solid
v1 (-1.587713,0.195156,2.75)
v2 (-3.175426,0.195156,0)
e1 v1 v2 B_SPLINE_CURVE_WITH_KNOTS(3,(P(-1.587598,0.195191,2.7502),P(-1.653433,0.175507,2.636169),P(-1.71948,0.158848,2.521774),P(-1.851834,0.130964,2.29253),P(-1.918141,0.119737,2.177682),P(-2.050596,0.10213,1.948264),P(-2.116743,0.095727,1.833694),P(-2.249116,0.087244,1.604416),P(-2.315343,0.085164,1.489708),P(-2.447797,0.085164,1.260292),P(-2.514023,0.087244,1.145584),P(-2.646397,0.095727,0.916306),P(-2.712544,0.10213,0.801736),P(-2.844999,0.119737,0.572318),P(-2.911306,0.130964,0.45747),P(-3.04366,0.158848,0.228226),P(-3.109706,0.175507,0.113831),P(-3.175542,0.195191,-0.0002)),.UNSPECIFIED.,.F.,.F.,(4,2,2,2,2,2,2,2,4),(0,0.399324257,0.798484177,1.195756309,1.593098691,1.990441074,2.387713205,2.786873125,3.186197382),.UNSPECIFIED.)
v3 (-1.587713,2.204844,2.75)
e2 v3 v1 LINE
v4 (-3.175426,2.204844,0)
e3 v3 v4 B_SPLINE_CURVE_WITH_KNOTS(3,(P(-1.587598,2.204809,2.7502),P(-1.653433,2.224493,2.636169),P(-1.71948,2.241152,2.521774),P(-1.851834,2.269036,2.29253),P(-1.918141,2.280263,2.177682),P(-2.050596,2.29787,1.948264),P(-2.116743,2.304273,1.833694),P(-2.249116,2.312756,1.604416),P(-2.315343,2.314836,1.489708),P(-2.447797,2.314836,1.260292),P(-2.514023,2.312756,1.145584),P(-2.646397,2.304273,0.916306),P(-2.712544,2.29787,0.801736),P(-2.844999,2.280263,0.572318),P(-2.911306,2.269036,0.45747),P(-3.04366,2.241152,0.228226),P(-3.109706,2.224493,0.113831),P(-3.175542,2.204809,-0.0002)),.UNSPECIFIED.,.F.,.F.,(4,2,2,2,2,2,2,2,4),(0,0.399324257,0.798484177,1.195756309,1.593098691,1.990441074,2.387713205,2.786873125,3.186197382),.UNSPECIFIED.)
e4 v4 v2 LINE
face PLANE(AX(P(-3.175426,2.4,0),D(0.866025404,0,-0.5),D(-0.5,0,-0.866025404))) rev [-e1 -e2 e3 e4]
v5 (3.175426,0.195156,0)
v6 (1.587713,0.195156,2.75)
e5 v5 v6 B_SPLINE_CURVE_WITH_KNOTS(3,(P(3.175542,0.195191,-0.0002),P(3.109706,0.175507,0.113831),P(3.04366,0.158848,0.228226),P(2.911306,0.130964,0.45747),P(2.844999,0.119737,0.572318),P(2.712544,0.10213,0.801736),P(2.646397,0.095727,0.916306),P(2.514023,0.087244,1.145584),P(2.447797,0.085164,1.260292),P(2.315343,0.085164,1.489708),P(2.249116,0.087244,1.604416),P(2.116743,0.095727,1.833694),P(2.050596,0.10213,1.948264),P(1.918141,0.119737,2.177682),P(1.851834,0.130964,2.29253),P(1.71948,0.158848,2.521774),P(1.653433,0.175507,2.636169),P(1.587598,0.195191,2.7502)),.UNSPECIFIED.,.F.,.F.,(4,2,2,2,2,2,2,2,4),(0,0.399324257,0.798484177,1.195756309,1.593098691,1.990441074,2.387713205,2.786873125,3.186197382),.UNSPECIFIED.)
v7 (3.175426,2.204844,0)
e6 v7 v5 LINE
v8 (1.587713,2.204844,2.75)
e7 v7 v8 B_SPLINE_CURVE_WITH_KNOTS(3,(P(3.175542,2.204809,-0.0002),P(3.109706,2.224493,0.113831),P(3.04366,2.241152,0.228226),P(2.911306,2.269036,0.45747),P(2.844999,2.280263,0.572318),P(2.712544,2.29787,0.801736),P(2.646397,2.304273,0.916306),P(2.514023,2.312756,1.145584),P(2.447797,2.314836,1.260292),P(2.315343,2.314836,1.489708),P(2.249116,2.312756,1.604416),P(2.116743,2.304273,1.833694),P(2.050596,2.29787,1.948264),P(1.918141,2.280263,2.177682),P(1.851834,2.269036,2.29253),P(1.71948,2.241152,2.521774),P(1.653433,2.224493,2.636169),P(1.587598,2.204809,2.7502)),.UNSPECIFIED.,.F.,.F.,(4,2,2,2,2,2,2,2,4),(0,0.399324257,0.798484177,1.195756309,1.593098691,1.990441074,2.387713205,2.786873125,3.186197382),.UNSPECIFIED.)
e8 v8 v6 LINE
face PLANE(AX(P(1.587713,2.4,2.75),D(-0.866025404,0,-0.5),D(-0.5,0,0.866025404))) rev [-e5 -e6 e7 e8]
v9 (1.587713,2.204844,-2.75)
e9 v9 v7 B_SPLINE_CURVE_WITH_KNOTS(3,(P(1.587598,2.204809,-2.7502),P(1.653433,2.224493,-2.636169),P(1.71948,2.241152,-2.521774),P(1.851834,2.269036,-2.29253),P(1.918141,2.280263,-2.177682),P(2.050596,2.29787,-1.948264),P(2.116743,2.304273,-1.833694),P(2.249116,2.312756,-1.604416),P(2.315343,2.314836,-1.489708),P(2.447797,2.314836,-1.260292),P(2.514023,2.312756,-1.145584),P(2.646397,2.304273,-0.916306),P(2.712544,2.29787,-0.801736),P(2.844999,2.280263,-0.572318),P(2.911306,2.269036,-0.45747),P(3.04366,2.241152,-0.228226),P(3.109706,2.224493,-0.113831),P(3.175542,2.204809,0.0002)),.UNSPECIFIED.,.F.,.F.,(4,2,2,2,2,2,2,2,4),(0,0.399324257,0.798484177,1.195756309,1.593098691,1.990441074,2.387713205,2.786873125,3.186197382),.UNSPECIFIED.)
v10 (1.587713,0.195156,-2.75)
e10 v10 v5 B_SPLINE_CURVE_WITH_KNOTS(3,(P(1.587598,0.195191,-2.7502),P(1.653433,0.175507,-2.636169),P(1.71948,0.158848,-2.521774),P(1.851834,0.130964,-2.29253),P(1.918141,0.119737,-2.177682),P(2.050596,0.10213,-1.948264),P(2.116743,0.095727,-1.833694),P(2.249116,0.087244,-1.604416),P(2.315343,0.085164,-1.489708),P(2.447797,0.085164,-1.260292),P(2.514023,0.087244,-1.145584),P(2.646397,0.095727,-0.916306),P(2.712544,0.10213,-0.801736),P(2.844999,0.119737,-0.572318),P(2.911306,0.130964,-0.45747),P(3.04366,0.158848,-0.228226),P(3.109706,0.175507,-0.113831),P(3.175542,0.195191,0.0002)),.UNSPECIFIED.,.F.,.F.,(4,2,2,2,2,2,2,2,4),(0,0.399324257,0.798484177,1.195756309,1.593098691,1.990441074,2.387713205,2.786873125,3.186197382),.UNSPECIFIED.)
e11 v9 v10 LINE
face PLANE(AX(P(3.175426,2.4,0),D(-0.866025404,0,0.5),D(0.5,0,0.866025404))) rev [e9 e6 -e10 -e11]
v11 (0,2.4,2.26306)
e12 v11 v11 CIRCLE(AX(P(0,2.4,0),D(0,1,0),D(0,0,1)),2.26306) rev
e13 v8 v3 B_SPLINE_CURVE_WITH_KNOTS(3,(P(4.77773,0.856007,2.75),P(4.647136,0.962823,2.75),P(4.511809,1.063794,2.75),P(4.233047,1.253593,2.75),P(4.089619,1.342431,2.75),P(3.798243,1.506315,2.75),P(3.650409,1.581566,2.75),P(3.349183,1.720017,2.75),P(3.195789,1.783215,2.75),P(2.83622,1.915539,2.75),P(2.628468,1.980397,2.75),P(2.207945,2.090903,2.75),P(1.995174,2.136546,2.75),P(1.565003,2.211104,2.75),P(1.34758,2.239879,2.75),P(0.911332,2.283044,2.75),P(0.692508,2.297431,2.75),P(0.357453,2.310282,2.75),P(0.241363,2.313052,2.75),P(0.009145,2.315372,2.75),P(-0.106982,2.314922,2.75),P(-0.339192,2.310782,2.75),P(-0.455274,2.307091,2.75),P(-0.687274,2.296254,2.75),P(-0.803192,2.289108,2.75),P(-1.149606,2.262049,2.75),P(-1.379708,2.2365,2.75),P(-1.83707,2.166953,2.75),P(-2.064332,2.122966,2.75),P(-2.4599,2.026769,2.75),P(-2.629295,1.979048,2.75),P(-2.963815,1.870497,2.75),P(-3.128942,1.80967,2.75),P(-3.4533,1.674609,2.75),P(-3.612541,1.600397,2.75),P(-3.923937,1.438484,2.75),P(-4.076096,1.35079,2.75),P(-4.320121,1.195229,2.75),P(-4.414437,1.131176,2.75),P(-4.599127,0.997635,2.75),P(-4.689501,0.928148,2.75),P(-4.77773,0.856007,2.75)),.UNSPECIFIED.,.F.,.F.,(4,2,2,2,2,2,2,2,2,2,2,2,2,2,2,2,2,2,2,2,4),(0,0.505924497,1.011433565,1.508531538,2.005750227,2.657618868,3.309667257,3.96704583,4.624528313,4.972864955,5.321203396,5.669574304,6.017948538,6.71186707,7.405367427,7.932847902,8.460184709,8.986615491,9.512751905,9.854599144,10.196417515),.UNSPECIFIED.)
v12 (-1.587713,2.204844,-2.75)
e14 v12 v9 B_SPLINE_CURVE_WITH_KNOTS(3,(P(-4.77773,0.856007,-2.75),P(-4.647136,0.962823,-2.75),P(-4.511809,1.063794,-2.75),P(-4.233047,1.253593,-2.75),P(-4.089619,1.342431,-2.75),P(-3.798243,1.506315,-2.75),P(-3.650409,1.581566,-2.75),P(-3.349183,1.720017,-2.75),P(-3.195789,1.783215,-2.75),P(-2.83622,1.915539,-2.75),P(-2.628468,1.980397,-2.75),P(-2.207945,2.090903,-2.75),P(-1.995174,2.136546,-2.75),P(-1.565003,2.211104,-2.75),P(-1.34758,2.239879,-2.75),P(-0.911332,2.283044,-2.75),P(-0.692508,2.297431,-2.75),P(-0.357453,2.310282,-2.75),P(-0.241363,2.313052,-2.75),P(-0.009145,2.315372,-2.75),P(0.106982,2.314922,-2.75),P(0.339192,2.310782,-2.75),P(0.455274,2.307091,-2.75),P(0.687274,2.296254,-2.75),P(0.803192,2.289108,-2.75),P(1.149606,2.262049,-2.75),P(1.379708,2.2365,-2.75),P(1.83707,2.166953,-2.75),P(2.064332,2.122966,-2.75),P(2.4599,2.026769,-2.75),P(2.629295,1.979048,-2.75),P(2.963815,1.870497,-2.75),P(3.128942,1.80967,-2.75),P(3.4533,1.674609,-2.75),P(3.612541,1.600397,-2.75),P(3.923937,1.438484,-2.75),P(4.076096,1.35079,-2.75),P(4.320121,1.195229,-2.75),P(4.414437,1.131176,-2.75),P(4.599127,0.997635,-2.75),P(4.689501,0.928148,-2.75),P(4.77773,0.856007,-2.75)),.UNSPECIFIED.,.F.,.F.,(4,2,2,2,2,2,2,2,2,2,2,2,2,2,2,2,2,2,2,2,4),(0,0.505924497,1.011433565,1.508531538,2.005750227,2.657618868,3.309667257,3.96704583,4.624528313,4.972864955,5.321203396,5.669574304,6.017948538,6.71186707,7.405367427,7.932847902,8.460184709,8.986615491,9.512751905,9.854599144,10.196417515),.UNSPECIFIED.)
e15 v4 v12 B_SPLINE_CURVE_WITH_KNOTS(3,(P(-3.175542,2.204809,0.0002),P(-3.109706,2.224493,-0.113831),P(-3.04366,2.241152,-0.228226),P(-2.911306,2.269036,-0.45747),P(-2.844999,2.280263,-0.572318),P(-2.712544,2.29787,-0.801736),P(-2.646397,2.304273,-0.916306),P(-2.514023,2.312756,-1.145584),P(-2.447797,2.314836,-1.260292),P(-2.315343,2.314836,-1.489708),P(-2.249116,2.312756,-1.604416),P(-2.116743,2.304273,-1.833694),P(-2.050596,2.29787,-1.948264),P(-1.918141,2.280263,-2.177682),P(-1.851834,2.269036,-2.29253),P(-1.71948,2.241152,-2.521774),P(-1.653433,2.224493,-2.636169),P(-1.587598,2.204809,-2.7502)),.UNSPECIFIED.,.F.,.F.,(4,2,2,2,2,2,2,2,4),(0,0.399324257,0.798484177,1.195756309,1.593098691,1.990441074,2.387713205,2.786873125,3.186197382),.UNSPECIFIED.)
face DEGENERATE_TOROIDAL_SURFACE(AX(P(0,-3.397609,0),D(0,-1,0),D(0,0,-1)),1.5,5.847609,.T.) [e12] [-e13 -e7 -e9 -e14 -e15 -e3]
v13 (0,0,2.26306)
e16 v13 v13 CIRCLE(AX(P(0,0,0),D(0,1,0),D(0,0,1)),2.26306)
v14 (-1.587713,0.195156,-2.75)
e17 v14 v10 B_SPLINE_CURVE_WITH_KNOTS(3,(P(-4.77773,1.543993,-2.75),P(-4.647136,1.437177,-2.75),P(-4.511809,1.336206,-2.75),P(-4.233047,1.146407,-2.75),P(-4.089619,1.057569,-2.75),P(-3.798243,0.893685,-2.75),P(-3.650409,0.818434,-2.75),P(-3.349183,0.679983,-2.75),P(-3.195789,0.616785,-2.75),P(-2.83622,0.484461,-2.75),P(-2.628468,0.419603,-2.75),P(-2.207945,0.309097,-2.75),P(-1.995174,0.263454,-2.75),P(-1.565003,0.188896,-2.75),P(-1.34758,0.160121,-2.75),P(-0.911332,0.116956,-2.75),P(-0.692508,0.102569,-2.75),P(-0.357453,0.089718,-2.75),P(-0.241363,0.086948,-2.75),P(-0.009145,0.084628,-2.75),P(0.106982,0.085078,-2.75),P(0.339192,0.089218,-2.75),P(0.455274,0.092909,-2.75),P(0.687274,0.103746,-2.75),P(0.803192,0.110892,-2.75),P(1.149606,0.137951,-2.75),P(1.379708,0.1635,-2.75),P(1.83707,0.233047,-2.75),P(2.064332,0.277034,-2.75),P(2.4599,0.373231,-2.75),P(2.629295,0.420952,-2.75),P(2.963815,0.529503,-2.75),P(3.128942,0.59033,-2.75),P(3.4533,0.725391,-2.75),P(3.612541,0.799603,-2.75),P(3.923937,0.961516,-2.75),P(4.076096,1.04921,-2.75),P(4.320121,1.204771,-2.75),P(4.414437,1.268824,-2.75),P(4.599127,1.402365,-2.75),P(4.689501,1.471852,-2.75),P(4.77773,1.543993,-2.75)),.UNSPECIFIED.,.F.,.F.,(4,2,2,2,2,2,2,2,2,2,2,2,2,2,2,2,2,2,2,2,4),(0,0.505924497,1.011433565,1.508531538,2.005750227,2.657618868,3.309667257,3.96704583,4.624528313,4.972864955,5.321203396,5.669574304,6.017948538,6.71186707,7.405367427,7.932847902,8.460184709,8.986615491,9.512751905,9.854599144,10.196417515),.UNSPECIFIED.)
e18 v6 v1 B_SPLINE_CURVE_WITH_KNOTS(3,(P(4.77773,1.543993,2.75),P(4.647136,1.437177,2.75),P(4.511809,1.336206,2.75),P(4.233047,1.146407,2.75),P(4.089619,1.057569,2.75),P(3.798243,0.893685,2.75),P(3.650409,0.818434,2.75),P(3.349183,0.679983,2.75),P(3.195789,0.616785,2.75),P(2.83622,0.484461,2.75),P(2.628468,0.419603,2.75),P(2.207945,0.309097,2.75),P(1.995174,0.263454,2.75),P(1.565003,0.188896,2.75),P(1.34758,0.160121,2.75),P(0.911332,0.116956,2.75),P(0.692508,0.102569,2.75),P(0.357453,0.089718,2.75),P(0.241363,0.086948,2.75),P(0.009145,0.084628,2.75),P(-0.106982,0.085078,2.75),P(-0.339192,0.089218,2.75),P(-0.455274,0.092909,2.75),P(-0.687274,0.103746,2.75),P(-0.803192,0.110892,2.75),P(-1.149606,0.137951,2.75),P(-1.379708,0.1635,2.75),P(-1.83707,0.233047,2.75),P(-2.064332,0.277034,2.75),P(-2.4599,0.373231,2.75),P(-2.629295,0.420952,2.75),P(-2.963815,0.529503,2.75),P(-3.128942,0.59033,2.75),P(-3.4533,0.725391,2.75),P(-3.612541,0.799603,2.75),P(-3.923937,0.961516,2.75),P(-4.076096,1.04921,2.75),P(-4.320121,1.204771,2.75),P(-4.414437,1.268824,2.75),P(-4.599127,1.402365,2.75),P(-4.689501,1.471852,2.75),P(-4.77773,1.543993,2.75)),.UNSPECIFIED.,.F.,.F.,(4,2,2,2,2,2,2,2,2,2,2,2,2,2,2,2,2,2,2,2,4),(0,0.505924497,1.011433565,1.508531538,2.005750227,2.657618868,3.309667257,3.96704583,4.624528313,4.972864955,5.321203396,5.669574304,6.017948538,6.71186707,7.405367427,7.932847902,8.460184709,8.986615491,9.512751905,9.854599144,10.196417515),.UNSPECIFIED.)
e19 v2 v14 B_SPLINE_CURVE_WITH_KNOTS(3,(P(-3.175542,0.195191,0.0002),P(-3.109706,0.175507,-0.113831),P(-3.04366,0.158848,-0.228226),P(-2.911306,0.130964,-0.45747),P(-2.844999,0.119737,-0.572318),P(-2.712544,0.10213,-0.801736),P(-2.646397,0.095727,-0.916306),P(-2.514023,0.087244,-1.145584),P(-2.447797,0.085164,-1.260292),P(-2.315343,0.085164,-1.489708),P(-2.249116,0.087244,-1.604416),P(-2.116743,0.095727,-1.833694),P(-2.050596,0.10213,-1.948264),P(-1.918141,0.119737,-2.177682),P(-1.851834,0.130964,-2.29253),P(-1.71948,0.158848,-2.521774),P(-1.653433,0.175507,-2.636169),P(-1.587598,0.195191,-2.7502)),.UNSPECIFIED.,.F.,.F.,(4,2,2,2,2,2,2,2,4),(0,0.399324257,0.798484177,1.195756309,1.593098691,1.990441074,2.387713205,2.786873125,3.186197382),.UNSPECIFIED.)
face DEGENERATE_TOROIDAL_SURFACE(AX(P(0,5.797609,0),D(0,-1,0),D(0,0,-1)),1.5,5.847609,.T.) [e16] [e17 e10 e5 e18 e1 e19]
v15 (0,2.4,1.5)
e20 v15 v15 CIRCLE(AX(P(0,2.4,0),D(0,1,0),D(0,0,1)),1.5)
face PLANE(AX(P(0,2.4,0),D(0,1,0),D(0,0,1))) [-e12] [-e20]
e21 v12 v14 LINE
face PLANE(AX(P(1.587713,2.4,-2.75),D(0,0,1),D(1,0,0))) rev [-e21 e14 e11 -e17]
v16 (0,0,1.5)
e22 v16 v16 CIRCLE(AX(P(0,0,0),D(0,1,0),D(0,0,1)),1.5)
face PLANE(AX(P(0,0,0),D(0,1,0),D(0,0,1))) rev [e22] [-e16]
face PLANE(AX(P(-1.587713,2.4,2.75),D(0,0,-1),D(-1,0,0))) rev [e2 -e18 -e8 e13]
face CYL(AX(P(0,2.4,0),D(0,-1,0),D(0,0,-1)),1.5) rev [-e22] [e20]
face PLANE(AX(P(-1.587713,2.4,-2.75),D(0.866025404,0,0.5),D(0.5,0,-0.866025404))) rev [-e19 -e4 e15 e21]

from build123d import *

# Parameters (mm, degrees)
ESBO_O1_R                = 1.5
RESSALTO_EXTRUS_O1_DEPTH = 2.4


with BuildPart() as part:
    # Esboço1 → Ressalto-extrusão1 (new body)
    with BuildSketch(Plane(origin=(0, 0, 0), x_dir=(1, 0, 0), z_dir=(0, 1, 0))):
        Polygon((3.175426481, 0), (1.58771324, 2.75), (-1.58771324, 2.75), (-3.175426481, 0), (-1.58771324, -2.75), (1.58771324, -2.75), align=None)
        Circle(ESBO_O1_R, mode=Mode.SUBTRACT)
    extrude(amount=RESSALTO_EXTRUS_O1_DEPTH)

    # Esboço3 → Corte-Revolução1 (revolve, cut)
    with BuildSketch(Plane.XY):
        with BuildLine():
            Line((1.5, 2.45), (1.5, 3.039454742))
            Line((1.5, 3.039454742), (3.5, 3.039454742))
            Line((3.5, 3.039454742), (3.5, 2.097346039))
            ThreePointArc((3.5, 2.097346039), (2.515426612, 2.361161683), (1.5, 2.45))
        make_face()
        with BuildLine():
            ThreePointArc((1.5, -0.05), (2.515426612, 0.038838317), (3.5, 0.302653961))
            Line((3.5, 0.302653961), (3.5, -0.837086604))
            Line((3.5, -0.837086604), (1.5, -0.837086604))
            Line((1.5, -0.837086604), (1.5, -0.05))
        make_face()
    revolve(axis=Axis((0, 0, 0), (0, 1, 0)), mode=Mode.SUBTRACT)


solid = part.part
